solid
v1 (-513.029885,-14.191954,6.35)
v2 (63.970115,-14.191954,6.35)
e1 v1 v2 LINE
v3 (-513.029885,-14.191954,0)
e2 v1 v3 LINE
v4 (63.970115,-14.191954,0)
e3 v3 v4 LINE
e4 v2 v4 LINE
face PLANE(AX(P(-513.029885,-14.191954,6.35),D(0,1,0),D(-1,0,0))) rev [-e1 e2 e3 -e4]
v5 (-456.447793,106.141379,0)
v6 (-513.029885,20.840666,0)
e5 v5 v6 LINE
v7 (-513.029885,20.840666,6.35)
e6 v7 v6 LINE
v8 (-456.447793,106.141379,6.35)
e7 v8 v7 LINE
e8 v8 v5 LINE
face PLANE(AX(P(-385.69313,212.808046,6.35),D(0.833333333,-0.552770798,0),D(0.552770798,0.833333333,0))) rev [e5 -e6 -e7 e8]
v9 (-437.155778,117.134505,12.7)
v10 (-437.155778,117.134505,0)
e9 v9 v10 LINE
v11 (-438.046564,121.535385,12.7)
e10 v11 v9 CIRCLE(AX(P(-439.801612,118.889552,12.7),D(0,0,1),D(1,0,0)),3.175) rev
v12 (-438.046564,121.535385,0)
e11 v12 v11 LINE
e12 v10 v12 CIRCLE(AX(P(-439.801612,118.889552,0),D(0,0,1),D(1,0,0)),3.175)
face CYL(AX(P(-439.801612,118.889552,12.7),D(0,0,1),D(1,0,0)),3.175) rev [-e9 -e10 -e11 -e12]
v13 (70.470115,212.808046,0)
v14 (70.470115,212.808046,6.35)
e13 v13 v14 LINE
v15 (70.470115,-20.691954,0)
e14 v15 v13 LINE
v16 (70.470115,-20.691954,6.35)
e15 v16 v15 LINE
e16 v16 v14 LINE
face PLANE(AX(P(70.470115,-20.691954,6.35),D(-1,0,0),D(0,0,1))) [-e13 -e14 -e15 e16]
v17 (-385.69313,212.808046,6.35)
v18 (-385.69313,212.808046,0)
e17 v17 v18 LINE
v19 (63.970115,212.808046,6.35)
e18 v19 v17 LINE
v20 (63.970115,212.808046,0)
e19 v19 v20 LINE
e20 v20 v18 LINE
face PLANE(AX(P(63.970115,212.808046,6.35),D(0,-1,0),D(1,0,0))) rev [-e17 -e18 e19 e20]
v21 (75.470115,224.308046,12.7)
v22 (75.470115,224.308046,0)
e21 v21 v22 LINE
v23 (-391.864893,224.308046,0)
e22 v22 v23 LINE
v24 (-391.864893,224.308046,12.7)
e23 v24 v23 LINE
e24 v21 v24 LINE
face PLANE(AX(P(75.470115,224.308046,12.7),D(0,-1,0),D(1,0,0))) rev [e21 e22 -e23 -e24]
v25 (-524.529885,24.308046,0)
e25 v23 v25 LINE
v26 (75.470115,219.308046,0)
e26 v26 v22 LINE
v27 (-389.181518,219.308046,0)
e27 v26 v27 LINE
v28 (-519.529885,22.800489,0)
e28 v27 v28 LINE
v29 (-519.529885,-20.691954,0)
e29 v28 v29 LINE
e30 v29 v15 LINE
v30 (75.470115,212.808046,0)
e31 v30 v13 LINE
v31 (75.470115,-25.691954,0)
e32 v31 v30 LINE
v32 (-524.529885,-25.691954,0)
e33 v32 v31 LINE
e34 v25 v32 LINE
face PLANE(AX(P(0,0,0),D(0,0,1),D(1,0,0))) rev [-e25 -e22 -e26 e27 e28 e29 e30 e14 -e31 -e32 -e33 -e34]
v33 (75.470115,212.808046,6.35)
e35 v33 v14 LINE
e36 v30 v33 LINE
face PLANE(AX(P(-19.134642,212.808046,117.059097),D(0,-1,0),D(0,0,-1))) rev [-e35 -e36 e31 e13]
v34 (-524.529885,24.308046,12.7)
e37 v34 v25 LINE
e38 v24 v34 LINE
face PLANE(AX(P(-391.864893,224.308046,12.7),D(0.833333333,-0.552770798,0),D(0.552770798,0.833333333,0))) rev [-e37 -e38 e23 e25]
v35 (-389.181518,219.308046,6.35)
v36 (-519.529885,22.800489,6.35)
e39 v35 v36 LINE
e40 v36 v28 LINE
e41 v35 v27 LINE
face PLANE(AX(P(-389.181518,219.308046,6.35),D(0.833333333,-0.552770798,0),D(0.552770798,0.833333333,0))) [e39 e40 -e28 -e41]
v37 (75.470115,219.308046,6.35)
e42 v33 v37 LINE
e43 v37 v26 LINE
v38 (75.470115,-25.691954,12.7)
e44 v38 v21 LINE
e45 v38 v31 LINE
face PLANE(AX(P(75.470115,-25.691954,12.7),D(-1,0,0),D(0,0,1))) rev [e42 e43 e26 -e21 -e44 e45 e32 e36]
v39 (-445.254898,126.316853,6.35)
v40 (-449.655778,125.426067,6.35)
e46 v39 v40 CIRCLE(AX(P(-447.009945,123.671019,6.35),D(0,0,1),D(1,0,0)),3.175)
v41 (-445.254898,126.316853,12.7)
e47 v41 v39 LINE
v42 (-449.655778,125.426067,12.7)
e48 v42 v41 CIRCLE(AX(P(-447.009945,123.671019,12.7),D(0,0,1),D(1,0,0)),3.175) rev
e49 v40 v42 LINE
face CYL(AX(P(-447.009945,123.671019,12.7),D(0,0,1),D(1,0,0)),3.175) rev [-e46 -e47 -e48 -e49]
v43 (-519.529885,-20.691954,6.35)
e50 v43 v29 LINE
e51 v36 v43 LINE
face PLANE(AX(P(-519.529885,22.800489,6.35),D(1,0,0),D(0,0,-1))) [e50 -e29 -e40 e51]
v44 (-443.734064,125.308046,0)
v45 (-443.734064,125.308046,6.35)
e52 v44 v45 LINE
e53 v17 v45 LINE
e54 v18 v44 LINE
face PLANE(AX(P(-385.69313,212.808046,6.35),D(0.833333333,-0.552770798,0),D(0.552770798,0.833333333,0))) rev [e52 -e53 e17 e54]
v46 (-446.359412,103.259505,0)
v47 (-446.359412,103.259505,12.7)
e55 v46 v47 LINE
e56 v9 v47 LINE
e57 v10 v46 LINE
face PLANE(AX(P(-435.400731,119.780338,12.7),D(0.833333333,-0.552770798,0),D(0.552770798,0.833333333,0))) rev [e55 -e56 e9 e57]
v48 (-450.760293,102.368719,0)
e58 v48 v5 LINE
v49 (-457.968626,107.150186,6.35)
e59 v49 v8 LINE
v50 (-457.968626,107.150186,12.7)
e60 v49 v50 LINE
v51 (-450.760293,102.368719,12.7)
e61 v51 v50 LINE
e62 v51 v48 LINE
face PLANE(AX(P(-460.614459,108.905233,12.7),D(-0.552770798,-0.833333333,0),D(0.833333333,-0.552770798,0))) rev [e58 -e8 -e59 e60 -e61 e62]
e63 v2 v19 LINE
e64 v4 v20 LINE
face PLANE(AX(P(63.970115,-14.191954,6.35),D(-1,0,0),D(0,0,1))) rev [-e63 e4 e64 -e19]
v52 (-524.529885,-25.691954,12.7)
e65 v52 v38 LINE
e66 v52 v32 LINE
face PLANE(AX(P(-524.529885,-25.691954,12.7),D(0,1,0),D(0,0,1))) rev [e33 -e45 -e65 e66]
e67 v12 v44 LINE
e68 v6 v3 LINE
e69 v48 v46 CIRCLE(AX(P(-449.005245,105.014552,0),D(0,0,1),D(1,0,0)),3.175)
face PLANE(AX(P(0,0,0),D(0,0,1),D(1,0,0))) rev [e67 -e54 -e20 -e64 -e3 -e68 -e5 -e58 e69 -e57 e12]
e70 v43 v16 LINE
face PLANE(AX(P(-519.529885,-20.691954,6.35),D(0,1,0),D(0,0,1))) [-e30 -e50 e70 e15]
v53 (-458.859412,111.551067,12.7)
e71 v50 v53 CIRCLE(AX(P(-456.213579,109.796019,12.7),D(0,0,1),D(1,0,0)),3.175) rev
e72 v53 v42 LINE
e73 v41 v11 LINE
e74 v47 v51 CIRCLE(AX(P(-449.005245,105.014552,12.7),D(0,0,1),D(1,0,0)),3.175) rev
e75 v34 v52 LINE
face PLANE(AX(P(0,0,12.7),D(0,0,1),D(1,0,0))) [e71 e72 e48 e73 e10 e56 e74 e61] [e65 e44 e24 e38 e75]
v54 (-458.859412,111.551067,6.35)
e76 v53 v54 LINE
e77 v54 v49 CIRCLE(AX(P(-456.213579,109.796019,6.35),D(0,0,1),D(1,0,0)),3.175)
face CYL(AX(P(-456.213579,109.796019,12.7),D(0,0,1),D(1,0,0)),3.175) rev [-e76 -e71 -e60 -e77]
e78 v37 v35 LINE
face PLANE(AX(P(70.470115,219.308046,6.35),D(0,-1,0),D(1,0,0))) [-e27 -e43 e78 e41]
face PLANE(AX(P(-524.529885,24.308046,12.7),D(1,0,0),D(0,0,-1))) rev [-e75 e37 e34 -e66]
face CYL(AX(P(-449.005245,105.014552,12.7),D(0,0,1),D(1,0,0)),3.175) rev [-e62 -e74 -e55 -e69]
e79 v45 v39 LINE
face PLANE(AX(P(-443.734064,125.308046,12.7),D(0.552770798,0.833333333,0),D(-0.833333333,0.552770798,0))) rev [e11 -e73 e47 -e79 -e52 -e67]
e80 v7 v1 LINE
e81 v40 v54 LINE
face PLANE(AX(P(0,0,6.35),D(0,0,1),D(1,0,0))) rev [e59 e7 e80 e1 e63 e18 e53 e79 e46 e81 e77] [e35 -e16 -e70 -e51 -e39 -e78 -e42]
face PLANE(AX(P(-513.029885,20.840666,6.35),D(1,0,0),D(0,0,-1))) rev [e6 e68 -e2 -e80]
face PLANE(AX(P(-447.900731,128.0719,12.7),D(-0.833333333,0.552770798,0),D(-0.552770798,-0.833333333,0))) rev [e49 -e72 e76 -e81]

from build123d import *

# Parameters (mm, degrees)
BOSS_EXTRUDE1_DEPTH = 12.7
CUT_EXTRUDE2_DEPTH  = 6.35
CUT_EXTRUDE3_DEPTH  = 571.619829491
FILLET1_R           = 3.175
SKETCH7_W           = 110.518116872
SKETCH7_H           = 6.5
CUT_EXTRUDE4_DEPTH  = 6.35


with BuildPart() as part:
    # Sketch1 → Boss-Extrude1 (new body)
    with BuildSketch(Plane.XY):
        Polygon((-524.529885057, -25.691954023), (75.470114943, -25.691954023), (75.470114943, 224.308045977), (-391.864893443, 224.308045977), (-524.529885057, 24.308045977), align=None)
    extrude(amount=BOSS_EXTRUDE1_DEPTH)

    # Sketch4 → Cut-Extrude2 (cut)
    with BuildSketch(Plane.XY):
        Polygon((-519.529885057, 22.800489254), (-519.529885057, -20.691954023), (70.470114943, -20.691954023), (70.470114943, 219.308045977), (-389.181518234, 219.308045977), align=None)
        Polygon((-513.029885057, 20.840665514), (-513.029885057, -14.191954023), (63.970114943, -14.191954023), (63.970114943, 212.808045977), (-385.693130461, 212.808045977), align=None, mode=Mode.SUBTRACT)
    extrude(amount=CUT_EXTRUDE2_DEPTH, mode=Mode.SUBTRACT)

    # Sketch6 → Cut-Extrude3 (cut, through all)
    with BuildSketch(Plane(origin=(0, 0, 0), x_dir=(-1, 0, 0), z_dir=(0, 0, -1))):
        Polygon((443.734064292, 125.308045977), (435.400730959, 119.780337993), (448.114459322, 100.613671326), (456.447792655, 106.14137931), (460.614459322, 108.905233302), (447.900730959, 128.071899969), align=None)
    extrude(amount=-CUT_EXTRUDE3_DEPTH, mode=Mode.SUBTRACT)

    # Fillet1
    fillet1_edges = [part.edges().sort_by_distance(p)[0] for p in [
        (-447.900730959, 128.071899969, 9.525),
        (-460.614459322, 108.905233302, 9.525),
        (-435.400730959, 119.780337993, 6.35),
        (-448.114459322, 100.613671326, 6.35),
    ]]
    fillet(fillet1_edges, radius=FILLET1_R)

    # Sketch7 → Cut-Extrude4 (cut)
    with BuildSketch(Plane(origin=(0, 0, 0), x_dir=(-1, 0, 0), z_dir=(0, 0, -1))):
        with Locations((-36.124416508, 216.058045977)):
            Rectangle(SKETCH7_W, SKETCH7_H)
    extrude(amount=-CUT_EXTRUDE4_DEPTH, mode=Mode.SUBTRACT)


solid = part.part
